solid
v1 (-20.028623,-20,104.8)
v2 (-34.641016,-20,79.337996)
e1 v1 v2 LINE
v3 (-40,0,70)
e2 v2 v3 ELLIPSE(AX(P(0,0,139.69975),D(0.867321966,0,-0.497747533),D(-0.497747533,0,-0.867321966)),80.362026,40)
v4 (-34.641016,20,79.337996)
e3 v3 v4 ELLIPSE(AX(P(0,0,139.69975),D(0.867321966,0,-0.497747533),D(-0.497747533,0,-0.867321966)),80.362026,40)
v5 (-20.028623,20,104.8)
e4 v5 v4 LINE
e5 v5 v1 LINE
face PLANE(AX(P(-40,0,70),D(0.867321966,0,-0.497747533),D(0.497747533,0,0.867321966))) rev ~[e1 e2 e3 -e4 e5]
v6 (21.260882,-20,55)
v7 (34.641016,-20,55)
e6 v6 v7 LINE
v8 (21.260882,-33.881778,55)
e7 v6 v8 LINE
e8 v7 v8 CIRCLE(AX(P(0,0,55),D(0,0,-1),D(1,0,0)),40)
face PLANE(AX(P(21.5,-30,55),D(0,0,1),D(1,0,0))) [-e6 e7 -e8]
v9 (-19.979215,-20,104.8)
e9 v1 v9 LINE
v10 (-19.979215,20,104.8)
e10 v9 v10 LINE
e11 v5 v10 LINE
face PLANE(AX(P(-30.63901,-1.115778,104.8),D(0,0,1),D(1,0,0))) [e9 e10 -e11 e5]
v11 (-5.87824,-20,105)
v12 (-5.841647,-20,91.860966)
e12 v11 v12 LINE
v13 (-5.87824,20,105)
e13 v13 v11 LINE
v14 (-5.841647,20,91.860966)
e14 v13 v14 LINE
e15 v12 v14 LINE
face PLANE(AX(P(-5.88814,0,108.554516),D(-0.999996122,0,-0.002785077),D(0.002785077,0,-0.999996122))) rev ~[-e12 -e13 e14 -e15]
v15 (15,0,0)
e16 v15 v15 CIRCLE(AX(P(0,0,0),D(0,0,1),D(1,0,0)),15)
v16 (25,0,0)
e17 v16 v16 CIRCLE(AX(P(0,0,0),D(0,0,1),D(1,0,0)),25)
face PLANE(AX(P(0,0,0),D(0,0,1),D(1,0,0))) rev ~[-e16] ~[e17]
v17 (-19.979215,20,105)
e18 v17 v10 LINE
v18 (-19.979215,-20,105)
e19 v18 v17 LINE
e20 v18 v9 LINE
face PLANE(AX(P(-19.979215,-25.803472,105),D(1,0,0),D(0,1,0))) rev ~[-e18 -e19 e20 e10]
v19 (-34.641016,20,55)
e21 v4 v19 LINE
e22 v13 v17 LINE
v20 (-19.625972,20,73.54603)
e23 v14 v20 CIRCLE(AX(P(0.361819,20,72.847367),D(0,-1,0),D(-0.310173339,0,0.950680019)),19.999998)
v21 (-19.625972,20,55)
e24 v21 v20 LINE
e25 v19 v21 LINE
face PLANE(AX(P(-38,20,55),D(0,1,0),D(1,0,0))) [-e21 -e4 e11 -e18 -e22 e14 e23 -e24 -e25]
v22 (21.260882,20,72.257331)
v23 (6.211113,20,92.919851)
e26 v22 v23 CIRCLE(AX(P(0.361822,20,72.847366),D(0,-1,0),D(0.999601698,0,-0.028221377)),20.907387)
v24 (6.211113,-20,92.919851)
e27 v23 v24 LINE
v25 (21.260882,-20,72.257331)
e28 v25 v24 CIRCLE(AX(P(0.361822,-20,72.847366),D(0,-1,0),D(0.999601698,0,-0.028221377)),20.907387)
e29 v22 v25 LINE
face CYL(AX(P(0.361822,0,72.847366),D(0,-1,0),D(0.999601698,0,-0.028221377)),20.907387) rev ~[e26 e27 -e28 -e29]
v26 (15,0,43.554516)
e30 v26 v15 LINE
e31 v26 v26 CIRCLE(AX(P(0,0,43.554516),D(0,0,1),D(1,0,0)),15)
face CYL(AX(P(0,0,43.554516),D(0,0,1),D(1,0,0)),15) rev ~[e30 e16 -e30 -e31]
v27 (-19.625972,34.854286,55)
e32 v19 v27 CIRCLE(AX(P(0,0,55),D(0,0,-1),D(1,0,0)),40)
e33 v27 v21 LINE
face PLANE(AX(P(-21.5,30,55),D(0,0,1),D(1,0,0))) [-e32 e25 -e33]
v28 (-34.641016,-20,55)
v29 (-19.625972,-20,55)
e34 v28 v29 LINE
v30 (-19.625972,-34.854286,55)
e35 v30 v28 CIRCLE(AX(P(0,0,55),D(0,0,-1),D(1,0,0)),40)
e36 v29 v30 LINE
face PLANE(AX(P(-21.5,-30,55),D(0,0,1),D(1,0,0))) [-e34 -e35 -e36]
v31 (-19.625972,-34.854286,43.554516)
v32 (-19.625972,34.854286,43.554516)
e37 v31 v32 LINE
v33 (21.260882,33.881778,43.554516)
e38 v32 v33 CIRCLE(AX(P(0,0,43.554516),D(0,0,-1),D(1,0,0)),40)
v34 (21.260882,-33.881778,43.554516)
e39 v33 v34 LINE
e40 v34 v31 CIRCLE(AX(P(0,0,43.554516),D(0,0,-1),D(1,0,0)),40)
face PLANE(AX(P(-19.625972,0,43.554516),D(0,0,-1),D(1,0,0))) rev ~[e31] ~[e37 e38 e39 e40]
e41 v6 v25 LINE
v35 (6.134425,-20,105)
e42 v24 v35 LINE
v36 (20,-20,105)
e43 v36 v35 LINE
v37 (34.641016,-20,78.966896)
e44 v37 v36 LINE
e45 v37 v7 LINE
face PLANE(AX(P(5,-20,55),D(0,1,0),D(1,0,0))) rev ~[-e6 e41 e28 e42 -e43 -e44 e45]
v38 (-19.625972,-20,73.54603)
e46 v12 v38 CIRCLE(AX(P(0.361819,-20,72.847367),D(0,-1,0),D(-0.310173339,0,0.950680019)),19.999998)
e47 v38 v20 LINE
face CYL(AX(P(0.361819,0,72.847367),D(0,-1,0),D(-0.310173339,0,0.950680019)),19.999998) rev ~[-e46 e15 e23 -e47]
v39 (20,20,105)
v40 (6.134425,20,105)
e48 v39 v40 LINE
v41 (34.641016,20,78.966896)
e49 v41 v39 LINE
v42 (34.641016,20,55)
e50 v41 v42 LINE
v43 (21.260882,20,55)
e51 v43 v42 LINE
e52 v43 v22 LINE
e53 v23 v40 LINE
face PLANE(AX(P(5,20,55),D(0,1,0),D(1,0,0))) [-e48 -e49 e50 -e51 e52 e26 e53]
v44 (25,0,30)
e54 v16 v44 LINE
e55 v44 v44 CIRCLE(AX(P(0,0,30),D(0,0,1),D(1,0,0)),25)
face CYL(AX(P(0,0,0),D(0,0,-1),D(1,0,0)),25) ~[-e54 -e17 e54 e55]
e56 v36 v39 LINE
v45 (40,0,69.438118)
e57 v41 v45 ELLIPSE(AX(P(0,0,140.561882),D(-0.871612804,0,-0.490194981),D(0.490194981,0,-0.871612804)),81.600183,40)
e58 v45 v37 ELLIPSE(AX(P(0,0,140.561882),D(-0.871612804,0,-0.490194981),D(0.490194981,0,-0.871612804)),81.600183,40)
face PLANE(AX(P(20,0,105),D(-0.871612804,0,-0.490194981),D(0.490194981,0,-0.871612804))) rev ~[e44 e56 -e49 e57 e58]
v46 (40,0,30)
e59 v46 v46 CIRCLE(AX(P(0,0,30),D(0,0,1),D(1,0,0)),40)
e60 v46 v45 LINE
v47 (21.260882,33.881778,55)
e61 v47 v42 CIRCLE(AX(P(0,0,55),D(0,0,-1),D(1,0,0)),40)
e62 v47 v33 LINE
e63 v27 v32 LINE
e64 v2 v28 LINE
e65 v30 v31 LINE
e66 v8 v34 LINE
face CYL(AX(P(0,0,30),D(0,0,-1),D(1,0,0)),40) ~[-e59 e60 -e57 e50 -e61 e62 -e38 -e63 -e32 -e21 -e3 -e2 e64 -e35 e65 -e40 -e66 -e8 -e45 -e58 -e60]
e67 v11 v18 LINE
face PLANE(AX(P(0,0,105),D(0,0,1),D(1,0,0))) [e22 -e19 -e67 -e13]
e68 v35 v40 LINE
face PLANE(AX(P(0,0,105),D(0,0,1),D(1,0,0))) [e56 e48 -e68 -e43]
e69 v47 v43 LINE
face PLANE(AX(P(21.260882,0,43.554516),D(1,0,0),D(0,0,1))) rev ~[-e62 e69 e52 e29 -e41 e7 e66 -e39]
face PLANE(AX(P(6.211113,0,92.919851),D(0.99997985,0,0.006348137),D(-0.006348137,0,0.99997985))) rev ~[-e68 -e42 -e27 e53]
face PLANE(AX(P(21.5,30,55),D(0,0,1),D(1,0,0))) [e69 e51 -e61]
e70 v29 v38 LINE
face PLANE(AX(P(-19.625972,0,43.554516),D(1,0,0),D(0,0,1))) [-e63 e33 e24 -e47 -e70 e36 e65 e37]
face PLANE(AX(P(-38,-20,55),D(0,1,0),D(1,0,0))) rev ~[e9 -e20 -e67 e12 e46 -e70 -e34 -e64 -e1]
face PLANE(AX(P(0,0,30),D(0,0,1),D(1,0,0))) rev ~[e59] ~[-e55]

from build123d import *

# Parameters (mm, degrees)
PAD004_DEPTH    = 50
PAD003_DEPTH    = 50
BOX001_W        = 33
BOX001_H        = 20
BOX001_DEPTH    = 51
BOX_W           = 33
BOX_H           = 20
BOX_DEPTH       = 51
BOX002_W        = 33
BOX002_H        = 20
BOX002_DEPTH    = 51
BOX003_W        = 33
BOX003_H        = 20
BOX003_DEPTH    = 51
SKETCH_R        = 25
PAD_DEPTH       = 30
PAD002_DEPTH    = 50
SKETCH001_R     = 40
PAD001_DEPTH    = 75
SKETCH005_W     = 21.319589
SKETCH005_H     = 49.375387
POCKET_DEPTH    = 0.2
SKETCH006_R     = 15
POCKET001_DEPTH = 43.555516


with BuildPart() as pad004:
    # Sketch004 → Pad004 (new body, symmetric)
    with BuildSketch(Plane.XZ):
        Polygon((-40, 70), (-20, 104.849875), (-40, 104.849875), align=None)
    extrude(amount=PAD004_DEPTH, both=True)


with BuildPart() as pad003:
    # Sketch003 → Pad003 (new body, symmetric)
    with BuildSketch(Plane.XZ):
        Polygon((20, 105), (40, 69.438118), (40, 105), align=None)
    extrude(amount=PAD003_DEPTH, both=True)


with BuildPart() as cubo001:
    # Box001 → Box001 (new body)
    with BuildSketch(Plane(origin=(5, -40, 55), x_dir=(1, 0, 0), z_dir=(0, 0, 1))):
        with Locations((16.5, 10)):
            Rectangle(BOX001_W, BOX001_H)
    extrude(amount=BOX001_DEPTH)


with BuildPart() as cubo:
    # Box → Box (new body)
    with BuildSketch(Plane(origin=(5, 20, 55), x_dir=(1, 0, 0), z_dir=(0, 0, 1))):
        with Locations((16.5, 10)):
            Rectangle(BOX_W, BOX_H)
    extrude(amount=BOX_DEPTH)


with BuildPart() as cubo002:
    # Box002 → Box002 (new body)
    with BuildSketch(Plane(origin=(-38, -40, 55), x_dir=(1, 0, 0), z_dir=(0, 0, 1))):
        with Locations((16.5, 10)):
            Rectangle(BOX002_W, BOX002_H)
    extrude(amount=BOX002_DEPTH)


with BuildPart() as cubo003:
    # Box003 → Box003 (new body)
    with BuildSketch(Plane(origin=(-38, 20, 55), x_dir=(1, 0, 0), z_dir=(0, 0, 1))):
        with Locations((16.5, 10)):
            Rectangle(BOX003_W, BOX003_H)
    extrude(amount=BOX003_DEPTH)


with BuildPart() as pad:
    # Sketch → Pad (new body)
    with BuildSketch(Plane.XY):
        Circle(SKETCH_R)
    extrude(amount=PAD_DEPTH)


with BuildPart() as pad002:
    # Sketch002 → Pad002 (new body, symmetric)
    with BuildSketch(Plane(origin=(-81, 0, 6), x_dir=(1, 0, 0), z_dir=(0, -1, 0))):
        with BuildLine():
            Line((61.374028, 37.554516), (102.260882, 37.554516))
            Line((102.260882, 37.554516), (102.260882, 66.257331))
            ThreePointArc((102.260882, 66.257331), (98.26163, 79.156523), (87.211113, 86.919851))
            Line((87.211113, 86.919851), (87.11186, 102.554516))
            Line((87.11186, 102.554516), (75.11186, 102.554516))
            Line((75.11186, 102.554516), (75.158353, 85.860966))
            ThreePointArc((75.158353, 85.860966), (65.381997, 78.874221), (61.374028, 67.54603))
            Line((61.374028, 37.554516), (61.374028, 67.54603))
        make_face()
    extrude(amount=PAD002_DEPTH, both=True)


with BuildPart() as pocket001:
    # Pad001 base: copy of Pad
    add(pad.part)

    # Sketch001 → Pad001 (new body)
    with BuildSketch(Plane.XY.offset(30)):
        Circle(SKETCH001_R)
    extrude(amount=PAD001_DEPTH)

    # Cut: cut Pad002
    add(pad002.part, mode=Mode.SUBTRACT)

    # Fusion: union Pad
    add(pad.part)

    # Cut001: cut Cubo003
    add(cubo003.part, mode=Mode.SUBTRACT)

    # Cut002: cut Cubo002
    add(cubo002.part, mode=Mode.SUBTRACT)

    # Cut003: cut Cubo
    add(cubo.part, mode=Mode.SUBTRACT)

    # Cut004: cut Cubo001
    add(cubo001.part, mode=Mode.SUBTRACT)

    # Cut005: cut Pad003
    add(pad003.part, mode=Mode.SUBTRACT)

    # Cut006: cut Pad004
    add(pad004.part, mode=Mode.SUBTRACT)

    # Sketch005 → Pocket (cut)
    with BuildSketch(Plane.XY.offset(105)):
        with Locations((-30.63901, -1.115778)):
            Rectangle(SKETCH005_W, SKETCH005_H)
    extrude(amount=-POCKET_DEPTH, mode=Mode.SUBTRACT)

    # Sketch006 → Pocket001 (cut, through all)
    with BuildSketch(Plane.XY.offset(43.554516)):
        Circle(SKETCH006_R)
    extrude(amount=-POCKET001_DEPTH, mode=Mode.SUBTRACT)


solid = pocket001.part
